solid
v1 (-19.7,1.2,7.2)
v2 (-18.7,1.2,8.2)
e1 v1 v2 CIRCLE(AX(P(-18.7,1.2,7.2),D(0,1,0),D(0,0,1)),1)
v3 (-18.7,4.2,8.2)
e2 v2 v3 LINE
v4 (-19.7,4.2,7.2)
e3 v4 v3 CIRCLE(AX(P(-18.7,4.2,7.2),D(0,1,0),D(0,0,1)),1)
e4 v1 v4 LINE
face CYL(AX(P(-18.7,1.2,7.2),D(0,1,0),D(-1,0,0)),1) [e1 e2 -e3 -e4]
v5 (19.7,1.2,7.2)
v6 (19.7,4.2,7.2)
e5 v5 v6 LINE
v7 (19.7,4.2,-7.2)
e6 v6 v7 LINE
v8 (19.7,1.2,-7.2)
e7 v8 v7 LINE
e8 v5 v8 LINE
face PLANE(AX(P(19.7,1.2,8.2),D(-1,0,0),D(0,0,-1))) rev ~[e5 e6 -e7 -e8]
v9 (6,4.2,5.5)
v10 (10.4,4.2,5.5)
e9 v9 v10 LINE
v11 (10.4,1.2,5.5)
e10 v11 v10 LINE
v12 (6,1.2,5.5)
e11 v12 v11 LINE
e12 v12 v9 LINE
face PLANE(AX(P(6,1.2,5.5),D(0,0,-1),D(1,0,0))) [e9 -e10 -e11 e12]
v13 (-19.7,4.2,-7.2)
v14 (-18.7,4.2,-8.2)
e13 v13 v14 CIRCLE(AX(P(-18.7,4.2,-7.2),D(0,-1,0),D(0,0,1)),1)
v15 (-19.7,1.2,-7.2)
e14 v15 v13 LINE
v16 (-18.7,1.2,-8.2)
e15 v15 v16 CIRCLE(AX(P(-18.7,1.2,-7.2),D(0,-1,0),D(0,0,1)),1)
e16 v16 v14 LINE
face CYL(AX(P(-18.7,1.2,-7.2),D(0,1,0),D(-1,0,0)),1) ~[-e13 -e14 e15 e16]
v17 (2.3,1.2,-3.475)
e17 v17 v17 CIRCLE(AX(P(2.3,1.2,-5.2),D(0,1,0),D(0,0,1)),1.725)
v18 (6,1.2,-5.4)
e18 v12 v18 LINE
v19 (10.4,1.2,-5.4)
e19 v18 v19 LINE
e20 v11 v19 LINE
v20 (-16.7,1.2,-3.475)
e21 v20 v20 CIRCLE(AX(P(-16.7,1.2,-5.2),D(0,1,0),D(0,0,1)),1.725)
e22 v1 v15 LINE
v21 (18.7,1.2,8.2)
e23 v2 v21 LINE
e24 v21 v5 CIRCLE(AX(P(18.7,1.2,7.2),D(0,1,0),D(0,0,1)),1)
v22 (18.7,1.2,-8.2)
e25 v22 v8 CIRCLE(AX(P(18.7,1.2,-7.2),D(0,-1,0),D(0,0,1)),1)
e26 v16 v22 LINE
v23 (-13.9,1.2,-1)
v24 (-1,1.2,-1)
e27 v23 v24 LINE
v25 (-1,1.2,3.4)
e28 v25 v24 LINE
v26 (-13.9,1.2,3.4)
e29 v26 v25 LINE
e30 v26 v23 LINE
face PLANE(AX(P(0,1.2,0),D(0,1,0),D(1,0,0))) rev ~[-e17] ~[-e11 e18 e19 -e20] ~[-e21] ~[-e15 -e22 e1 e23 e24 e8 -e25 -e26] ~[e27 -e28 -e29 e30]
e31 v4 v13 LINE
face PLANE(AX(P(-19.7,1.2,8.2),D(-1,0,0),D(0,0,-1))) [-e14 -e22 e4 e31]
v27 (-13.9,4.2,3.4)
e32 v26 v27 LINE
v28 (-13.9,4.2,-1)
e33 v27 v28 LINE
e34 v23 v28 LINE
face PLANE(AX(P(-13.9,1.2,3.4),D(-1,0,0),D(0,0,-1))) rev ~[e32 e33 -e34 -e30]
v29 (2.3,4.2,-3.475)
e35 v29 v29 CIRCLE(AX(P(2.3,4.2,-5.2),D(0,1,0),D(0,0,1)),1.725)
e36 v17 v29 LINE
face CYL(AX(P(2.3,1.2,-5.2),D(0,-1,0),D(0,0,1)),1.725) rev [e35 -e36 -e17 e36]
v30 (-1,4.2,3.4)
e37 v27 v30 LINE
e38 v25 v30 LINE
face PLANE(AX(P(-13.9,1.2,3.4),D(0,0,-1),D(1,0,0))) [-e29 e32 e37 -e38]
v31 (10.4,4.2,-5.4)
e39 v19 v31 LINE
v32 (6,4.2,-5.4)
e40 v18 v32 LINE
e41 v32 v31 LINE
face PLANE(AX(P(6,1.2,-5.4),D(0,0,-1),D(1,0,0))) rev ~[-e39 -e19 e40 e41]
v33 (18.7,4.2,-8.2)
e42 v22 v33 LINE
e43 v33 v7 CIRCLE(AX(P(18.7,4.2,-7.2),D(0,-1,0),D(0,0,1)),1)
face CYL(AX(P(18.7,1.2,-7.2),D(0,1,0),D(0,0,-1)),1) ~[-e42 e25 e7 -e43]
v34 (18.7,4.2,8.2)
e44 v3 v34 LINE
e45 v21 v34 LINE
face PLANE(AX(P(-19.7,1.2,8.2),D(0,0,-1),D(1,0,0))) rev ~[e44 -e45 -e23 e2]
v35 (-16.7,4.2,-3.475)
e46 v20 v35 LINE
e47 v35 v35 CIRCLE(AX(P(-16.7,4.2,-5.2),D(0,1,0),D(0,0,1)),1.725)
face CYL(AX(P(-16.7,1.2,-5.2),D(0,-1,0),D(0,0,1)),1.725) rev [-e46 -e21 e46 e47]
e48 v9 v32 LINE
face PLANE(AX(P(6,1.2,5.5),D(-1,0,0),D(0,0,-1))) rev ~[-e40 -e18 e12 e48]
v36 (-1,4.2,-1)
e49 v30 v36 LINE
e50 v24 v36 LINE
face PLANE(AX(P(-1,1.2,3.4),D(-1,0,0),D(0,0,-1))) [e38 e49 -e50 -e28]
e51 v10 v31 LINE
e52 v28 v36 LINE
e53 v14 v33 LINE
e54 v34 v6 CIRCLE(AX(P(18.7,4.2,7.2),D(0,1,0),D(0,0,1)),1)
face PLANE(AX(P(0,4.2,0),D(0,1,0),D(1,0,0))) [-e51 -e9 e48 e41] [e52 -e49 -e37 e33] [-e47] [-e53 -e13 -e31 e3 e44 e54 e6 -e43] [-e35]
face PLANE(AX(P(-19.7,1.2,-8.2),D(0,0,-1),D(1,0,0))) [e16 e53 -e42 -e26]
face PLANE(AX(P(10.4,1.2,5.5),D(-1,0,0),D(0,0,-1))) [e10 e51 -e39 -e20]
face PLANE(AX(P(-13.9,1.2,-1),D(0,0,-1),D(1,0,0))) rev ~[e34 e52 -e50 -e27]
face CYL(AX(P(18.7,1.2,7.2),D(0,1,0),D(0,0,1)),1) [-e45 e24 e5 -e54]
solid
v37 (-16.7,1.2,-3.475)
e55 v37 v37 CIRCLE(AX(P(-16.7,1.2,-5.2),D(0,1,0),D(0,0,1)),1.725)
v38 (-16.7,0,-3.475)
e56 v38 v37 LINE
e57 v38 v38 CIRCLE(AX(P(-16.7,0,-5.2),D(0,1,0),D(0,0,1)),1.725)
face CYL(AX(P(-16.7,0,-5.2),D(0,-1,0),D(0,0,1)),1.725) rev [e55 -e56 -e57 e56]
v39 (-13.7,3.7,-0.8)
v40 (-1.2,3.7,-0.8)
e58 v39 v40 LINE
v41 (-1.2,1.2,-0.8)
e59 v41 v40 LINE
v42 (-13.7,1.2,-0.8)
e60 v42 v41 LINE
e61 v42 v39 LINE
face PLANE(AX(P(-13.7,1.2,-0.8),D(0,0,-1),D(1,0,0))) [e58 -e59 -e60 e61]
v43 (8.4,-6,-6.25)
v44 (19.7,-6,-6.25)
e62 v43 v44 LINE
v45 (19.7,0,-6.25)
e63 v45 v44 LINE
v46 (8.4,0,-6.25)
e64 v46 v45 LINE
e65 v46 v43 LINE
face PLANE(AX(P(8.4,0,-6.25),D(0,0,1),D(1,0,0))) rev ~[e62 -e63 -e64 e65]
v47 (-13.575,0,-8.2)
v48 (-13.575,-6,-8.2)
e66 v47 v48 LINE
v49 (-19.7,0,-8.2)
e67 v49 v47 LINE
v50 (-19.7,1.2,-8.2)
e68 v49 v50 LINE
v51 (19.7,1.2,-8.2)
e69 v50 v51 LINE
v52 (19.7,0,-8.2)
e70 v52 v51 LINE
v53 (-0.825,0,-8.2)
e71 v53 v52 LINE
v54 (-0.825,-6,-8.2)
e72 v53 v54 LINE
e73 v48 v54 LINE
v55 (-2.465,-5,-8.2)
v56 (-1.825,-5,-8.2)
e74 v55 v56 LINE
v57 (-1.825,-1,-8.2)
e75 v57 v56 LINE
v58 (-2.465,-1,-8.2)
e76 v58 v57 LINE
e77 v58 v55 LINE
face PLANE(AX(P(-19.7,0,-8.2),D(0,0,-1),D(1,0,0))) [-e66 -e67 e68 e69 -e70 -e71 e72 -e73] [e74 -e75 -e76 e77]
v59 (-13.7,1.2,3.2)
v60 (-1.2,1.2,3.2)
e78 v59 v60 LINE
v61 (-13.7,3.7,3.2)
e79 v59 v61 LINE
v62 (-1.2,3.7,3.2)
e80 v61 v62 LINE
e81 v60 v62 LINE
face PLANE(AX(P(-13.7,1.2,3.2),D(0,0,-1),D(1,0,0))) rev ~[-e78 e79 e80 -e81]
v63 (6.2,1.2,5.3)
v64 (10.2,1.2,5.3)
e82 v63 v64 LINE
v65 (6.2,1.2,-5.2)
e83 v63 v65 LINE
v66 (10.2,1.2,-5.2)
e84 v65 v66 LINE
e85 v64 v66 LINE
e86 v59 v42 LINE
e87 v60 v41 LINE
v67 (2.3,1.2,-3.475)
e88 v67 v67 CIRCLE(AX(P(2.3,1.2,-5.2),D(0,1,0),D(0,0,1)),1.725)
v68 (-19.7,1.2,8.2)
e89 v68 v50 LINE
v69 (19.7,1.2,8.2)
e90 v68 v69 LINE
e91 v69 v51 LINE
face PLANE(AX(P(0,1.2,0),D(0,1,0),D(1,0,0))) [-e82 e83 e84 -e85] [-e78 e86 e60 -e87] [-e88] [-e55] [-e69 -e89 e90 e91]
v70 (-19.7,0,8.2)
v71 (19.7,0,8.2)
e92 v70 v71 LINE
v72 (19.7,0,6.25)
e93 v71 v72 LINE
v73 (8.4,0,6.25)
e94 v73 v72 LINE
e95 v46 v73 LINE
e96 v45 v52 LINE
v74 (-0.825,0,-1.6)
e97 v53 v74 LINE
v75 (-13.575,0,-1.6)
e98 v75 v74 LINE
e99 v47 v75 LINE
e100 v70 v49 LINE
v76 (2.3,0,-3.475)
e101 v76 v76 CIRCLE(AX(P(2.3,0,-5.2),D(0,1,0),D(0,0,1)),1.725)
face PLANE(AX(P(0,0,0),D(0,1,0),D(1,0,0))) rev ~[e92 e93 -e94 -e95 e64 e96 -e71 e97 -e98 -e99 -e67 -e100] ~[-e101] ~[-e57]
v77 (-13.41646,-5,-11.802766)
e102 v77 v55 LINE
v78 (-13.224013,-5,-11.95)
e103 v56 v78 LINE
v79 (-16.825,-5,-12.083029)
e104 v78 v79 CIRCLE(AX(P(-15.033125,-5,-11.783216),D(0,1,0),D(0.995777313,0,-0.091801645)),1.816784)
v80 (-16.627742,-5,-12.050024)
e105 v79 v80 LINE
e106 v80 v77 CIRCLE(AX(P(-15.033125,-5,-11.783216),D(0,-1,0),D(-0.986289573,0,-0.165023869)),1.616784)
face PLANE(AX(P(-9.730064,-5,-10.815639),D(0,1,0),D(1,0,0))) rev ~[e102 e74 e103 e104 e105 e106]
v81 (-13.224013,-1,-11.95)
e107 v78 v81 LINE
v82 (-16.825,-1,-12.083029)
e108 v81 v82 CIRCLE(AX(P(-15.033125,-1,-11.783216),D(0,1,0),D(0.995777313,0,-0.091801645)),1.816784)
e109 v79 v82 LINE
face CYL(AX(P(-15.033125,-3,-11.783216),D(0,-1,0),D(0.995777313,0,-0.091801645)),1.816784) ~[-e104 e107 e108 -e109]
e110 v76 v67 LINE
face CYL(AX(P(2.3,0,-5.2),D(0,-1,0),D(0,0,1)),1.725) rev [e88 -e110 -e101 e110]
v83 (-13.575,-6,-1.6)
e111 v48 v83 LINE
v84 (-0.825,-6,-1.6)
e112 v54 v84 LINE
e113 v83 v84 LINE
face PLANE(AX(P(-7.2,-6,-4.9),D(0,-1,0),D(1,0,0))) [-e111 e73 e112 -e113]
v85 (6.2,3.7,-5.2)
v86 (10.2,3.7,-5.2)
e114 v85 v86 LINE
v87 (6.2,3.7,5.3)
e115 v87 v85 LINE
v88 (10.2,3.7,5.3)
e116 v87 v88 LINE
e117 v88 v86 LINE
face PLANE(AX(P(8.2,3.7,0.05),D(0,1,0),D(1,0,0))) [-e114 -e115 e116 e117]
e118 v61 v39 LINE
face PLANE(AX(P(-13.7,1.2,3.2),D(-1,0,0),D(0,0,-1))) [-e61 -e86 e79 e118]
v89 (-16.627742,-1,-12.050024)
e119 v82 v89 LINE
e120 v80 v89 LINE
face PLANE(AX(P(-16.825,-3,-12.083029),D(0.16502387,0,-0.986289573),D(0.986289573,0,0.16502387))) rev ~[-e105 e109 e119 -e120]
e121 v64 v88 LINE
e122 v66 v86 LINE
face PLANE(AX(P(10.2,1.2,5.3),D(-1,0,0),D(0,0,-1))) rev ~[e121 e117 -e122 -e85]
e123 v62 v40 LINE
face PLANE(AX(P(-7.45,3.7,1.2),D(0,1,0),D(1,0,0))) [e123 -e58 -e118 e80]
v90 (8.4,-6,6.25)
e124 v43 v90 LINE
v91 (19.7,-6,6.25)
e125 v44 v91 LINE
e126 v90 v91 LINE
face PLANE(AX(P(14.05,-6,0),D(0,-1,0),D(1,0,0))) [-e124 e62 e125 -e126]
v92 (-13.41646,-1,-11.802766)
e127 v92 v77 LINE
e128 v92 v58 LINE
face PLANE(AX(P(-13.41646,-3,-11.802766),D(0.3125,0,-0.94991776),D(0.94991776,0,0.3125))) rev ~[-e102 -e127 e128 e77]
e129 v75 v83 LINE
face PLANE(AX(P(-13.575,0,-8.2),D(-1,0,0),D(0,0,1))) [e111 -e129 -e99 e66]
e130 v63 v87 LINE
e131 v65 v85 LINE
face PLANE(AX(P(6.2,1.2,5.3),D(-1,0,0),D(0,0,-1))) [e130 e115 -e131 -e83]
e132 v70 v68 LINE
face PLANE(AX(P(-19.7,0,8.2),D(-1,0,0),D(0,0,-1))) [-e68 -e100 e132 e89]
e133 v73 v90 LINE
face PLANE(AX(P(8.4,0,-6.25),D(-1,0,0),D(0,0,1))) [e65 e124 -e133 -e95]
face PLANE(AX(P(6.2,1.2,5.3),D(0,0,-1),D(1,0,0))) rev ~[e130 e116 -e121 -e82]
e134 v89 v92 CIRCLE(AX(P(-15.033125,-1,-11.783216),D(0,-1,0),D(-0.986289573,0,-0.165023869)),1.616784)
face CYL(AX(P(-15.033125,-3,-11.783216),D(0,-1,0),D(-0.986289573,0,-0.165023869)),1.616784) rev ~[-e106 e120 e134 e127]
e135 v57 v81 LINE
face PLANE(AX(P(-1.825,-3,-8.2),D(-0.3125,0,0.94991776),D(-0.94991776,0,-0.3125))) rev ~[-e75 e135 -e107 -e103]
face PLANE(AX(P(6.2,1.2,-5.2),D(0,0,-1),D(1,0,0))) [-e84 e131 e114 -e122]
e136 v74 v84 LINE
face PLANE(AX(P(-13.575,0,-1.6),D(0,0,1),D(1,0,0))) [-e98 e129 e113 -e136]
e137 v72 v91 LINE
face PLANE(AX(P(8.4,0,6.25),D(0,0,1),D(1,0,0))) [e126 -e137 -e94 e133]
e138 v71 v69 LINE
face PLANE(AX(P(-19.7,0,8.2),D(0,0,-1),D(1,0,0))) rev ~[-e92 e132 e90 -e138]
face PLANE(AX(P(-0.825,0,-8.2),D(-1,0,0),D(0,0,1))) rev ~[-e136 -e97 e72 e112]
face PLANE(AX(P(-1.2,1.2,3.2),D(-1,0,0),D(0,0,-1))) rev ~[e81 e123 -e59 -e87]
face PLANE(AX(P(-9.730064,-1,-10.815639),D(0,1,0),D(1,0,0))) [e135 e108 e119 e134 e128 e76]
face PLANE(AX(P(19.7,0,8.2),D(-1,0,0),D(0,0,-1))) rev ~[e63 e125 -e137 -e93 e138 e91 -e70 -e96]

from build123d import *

# Parameters (mm, degrees)
SKETCH1_W           = 39.4
SKETCH1_H           = 16.4
SKETCH1_R           = 1.725
BOSS_EXTRUDE1_DEPTH = 1.2
SKETCH2_W           = 12.5
SKETCH2_H           = 4
SKETCH2_W_2         = 4
SKETCH2_H_2         = 10.5
BOSS_EXTRUDE2_DEPTH = 2.5
SKETCH3_W           = 11.3
SKETCH3_H           = 12.5
SKETCH3_W_2         = 12.75
SKETCH3_H_2         = 6.6
BOSS_EXTRUDE3_DEPTH = 6
BOSS_EXTRUDE4_DEPTH = 2
SKETCH5_W           = 39.4
SKETCH5_H           = 16.4
SKETCH5_R           = 1.725
SKETCH5_W_2         = 12.9
SKETCH5_H_2         = 4.4
SKETCH5_W_3         = 4.4
SKETCH5_H_3         = 10.9
BOSS_EXTRUDE5_DEPTH = 3
FILLET1_R           = 1


with BuildPart() as part:
    # Sketch1 → Boss-Extrude1 (new body)
    with BuildSketch(Plane(origin=(0, 0, 0), x_dir=(1, 0, 0), z_dir=(0, 1, 0))):
        Rectangle(SKETCH1_W, SKETCH1_H)
        with Locations(Location((-16.7, 5.2, 0), (0, 0, 270))):
            Circle(SKETCH1_R, mode=Mode.SUBTRACT)
        with Locations(Location((2.3, 5.2, 0), (0, 0, 270))):
            Circle(SKETCH1_R, mode=Mode.SUBTRACT)
    extrude(amount=BOSS_EXTRUDE1_DEPTH)

    # Sketch2 → Boss-Extrude2 (add)
    with BuildSketch(Plane(origin=(0, 1.2, 0), x_dir=(1, 0, 0), z_dir=(0, 1, 0))):
        with Locations((-7.45, -1.2)):
            Rectangle(SKETCH2_W, SKETCH2_H)
        with Locations((8.2, -0.05)):
            Rectangle(SKETCH2_W_2, SKETCH2_H_2)
    extrude(amount=BOSS_EXTRUDE2_DEPTH)

    # Sketch3 → Boss-Extrude3 (add)
    with BuildSketch(Plane.XZ):
        with Locations((14.05, 0)):
            Rectangle(SKETCH3_W, SKETCH3_H)
        with Locations((-7.2, -4.9)):
            Rectangle(SKETCH3_W_2, SKETCH3_H_2)
    extrude(amount=BOSS_EXTRUDE3_DEPTH)

    # Sketch4 → Boss-Extrude4 (add, symmetric)
    with BuildSketch(Plane(origin=(0, -3, 0), x_dir=(-1, 0, 0), z_dir=(0, -1, 0))):
        with BuildLine():
            Line((1.825, 8.2), (13.224013115, 11.95))
            ThreePointArc((13.224013115, 11.95), (14.96605462, 13.598761551), (16.825, 12.083028945))
            Line((16.825, 12.083028945), (16.627742085, 12.050024171))
            ThreePointArc((16.627742085, 12.050024171), (14.909005352, 13.395228648), (13.416459603, 11.802765704))
            Line((13.416459603, 11.802765704), (2.465, 8.2))
            Line((2.465, 8.2), (1.825, 8.2))
        make_face()
    extrude(amount=BOSS_EXTRUDE4_DEPTH, both=True)


with BuildPart() as body_2:
    # Sketch5 → Boss-Extrude5 (new body)
    with BuildSketch(Plane(origin=(0, 1.2, 0), x_dir=(1, 0, 0), z_dir=(0, 1, 0))):
        Rectangle(SKETCH5_W, SKETCH5_H)
        with Locations(Location((2.3, 5.2, 0), (0, 0, 270))):
            Circle(SKETCH5_R, mode=Mode.SUBTRACT)
        with Locations(Location((-16.7, 5.2, 0), (0, 0, 270))):
            Circle(SKETCH5_R, mode=Mode.SUBTRACT)
        with Locations((-7.45, -1.2)):
            Rectangle(SKETCH5_W_2, SKETCH5_H_2, mode=Mode.SUBTRACT)
        with Locations((8.2, -0.05)):
            Rectangle(SKETCH5_W_3, SKETCH5_H_3, mode=Mode.SUBTRACT)
    extrude(amount=BOSS_EXTRUDE5_DEPTH)

    # Fillet1
    fillet1_edges = [body_2.edges().sort_by_distance(p)[0] for p in [
        (19.7, 2.7, -8.2),
        (19.7, 2.7, 8.2),
        (-19.7, 2.7, 8.2),
        (-19.7, 2.7, -8.2),
    ]]
    fillet(fillet1_edges, radius=FILLET1_R)


solid = Compound([part.part, body_2.part])
